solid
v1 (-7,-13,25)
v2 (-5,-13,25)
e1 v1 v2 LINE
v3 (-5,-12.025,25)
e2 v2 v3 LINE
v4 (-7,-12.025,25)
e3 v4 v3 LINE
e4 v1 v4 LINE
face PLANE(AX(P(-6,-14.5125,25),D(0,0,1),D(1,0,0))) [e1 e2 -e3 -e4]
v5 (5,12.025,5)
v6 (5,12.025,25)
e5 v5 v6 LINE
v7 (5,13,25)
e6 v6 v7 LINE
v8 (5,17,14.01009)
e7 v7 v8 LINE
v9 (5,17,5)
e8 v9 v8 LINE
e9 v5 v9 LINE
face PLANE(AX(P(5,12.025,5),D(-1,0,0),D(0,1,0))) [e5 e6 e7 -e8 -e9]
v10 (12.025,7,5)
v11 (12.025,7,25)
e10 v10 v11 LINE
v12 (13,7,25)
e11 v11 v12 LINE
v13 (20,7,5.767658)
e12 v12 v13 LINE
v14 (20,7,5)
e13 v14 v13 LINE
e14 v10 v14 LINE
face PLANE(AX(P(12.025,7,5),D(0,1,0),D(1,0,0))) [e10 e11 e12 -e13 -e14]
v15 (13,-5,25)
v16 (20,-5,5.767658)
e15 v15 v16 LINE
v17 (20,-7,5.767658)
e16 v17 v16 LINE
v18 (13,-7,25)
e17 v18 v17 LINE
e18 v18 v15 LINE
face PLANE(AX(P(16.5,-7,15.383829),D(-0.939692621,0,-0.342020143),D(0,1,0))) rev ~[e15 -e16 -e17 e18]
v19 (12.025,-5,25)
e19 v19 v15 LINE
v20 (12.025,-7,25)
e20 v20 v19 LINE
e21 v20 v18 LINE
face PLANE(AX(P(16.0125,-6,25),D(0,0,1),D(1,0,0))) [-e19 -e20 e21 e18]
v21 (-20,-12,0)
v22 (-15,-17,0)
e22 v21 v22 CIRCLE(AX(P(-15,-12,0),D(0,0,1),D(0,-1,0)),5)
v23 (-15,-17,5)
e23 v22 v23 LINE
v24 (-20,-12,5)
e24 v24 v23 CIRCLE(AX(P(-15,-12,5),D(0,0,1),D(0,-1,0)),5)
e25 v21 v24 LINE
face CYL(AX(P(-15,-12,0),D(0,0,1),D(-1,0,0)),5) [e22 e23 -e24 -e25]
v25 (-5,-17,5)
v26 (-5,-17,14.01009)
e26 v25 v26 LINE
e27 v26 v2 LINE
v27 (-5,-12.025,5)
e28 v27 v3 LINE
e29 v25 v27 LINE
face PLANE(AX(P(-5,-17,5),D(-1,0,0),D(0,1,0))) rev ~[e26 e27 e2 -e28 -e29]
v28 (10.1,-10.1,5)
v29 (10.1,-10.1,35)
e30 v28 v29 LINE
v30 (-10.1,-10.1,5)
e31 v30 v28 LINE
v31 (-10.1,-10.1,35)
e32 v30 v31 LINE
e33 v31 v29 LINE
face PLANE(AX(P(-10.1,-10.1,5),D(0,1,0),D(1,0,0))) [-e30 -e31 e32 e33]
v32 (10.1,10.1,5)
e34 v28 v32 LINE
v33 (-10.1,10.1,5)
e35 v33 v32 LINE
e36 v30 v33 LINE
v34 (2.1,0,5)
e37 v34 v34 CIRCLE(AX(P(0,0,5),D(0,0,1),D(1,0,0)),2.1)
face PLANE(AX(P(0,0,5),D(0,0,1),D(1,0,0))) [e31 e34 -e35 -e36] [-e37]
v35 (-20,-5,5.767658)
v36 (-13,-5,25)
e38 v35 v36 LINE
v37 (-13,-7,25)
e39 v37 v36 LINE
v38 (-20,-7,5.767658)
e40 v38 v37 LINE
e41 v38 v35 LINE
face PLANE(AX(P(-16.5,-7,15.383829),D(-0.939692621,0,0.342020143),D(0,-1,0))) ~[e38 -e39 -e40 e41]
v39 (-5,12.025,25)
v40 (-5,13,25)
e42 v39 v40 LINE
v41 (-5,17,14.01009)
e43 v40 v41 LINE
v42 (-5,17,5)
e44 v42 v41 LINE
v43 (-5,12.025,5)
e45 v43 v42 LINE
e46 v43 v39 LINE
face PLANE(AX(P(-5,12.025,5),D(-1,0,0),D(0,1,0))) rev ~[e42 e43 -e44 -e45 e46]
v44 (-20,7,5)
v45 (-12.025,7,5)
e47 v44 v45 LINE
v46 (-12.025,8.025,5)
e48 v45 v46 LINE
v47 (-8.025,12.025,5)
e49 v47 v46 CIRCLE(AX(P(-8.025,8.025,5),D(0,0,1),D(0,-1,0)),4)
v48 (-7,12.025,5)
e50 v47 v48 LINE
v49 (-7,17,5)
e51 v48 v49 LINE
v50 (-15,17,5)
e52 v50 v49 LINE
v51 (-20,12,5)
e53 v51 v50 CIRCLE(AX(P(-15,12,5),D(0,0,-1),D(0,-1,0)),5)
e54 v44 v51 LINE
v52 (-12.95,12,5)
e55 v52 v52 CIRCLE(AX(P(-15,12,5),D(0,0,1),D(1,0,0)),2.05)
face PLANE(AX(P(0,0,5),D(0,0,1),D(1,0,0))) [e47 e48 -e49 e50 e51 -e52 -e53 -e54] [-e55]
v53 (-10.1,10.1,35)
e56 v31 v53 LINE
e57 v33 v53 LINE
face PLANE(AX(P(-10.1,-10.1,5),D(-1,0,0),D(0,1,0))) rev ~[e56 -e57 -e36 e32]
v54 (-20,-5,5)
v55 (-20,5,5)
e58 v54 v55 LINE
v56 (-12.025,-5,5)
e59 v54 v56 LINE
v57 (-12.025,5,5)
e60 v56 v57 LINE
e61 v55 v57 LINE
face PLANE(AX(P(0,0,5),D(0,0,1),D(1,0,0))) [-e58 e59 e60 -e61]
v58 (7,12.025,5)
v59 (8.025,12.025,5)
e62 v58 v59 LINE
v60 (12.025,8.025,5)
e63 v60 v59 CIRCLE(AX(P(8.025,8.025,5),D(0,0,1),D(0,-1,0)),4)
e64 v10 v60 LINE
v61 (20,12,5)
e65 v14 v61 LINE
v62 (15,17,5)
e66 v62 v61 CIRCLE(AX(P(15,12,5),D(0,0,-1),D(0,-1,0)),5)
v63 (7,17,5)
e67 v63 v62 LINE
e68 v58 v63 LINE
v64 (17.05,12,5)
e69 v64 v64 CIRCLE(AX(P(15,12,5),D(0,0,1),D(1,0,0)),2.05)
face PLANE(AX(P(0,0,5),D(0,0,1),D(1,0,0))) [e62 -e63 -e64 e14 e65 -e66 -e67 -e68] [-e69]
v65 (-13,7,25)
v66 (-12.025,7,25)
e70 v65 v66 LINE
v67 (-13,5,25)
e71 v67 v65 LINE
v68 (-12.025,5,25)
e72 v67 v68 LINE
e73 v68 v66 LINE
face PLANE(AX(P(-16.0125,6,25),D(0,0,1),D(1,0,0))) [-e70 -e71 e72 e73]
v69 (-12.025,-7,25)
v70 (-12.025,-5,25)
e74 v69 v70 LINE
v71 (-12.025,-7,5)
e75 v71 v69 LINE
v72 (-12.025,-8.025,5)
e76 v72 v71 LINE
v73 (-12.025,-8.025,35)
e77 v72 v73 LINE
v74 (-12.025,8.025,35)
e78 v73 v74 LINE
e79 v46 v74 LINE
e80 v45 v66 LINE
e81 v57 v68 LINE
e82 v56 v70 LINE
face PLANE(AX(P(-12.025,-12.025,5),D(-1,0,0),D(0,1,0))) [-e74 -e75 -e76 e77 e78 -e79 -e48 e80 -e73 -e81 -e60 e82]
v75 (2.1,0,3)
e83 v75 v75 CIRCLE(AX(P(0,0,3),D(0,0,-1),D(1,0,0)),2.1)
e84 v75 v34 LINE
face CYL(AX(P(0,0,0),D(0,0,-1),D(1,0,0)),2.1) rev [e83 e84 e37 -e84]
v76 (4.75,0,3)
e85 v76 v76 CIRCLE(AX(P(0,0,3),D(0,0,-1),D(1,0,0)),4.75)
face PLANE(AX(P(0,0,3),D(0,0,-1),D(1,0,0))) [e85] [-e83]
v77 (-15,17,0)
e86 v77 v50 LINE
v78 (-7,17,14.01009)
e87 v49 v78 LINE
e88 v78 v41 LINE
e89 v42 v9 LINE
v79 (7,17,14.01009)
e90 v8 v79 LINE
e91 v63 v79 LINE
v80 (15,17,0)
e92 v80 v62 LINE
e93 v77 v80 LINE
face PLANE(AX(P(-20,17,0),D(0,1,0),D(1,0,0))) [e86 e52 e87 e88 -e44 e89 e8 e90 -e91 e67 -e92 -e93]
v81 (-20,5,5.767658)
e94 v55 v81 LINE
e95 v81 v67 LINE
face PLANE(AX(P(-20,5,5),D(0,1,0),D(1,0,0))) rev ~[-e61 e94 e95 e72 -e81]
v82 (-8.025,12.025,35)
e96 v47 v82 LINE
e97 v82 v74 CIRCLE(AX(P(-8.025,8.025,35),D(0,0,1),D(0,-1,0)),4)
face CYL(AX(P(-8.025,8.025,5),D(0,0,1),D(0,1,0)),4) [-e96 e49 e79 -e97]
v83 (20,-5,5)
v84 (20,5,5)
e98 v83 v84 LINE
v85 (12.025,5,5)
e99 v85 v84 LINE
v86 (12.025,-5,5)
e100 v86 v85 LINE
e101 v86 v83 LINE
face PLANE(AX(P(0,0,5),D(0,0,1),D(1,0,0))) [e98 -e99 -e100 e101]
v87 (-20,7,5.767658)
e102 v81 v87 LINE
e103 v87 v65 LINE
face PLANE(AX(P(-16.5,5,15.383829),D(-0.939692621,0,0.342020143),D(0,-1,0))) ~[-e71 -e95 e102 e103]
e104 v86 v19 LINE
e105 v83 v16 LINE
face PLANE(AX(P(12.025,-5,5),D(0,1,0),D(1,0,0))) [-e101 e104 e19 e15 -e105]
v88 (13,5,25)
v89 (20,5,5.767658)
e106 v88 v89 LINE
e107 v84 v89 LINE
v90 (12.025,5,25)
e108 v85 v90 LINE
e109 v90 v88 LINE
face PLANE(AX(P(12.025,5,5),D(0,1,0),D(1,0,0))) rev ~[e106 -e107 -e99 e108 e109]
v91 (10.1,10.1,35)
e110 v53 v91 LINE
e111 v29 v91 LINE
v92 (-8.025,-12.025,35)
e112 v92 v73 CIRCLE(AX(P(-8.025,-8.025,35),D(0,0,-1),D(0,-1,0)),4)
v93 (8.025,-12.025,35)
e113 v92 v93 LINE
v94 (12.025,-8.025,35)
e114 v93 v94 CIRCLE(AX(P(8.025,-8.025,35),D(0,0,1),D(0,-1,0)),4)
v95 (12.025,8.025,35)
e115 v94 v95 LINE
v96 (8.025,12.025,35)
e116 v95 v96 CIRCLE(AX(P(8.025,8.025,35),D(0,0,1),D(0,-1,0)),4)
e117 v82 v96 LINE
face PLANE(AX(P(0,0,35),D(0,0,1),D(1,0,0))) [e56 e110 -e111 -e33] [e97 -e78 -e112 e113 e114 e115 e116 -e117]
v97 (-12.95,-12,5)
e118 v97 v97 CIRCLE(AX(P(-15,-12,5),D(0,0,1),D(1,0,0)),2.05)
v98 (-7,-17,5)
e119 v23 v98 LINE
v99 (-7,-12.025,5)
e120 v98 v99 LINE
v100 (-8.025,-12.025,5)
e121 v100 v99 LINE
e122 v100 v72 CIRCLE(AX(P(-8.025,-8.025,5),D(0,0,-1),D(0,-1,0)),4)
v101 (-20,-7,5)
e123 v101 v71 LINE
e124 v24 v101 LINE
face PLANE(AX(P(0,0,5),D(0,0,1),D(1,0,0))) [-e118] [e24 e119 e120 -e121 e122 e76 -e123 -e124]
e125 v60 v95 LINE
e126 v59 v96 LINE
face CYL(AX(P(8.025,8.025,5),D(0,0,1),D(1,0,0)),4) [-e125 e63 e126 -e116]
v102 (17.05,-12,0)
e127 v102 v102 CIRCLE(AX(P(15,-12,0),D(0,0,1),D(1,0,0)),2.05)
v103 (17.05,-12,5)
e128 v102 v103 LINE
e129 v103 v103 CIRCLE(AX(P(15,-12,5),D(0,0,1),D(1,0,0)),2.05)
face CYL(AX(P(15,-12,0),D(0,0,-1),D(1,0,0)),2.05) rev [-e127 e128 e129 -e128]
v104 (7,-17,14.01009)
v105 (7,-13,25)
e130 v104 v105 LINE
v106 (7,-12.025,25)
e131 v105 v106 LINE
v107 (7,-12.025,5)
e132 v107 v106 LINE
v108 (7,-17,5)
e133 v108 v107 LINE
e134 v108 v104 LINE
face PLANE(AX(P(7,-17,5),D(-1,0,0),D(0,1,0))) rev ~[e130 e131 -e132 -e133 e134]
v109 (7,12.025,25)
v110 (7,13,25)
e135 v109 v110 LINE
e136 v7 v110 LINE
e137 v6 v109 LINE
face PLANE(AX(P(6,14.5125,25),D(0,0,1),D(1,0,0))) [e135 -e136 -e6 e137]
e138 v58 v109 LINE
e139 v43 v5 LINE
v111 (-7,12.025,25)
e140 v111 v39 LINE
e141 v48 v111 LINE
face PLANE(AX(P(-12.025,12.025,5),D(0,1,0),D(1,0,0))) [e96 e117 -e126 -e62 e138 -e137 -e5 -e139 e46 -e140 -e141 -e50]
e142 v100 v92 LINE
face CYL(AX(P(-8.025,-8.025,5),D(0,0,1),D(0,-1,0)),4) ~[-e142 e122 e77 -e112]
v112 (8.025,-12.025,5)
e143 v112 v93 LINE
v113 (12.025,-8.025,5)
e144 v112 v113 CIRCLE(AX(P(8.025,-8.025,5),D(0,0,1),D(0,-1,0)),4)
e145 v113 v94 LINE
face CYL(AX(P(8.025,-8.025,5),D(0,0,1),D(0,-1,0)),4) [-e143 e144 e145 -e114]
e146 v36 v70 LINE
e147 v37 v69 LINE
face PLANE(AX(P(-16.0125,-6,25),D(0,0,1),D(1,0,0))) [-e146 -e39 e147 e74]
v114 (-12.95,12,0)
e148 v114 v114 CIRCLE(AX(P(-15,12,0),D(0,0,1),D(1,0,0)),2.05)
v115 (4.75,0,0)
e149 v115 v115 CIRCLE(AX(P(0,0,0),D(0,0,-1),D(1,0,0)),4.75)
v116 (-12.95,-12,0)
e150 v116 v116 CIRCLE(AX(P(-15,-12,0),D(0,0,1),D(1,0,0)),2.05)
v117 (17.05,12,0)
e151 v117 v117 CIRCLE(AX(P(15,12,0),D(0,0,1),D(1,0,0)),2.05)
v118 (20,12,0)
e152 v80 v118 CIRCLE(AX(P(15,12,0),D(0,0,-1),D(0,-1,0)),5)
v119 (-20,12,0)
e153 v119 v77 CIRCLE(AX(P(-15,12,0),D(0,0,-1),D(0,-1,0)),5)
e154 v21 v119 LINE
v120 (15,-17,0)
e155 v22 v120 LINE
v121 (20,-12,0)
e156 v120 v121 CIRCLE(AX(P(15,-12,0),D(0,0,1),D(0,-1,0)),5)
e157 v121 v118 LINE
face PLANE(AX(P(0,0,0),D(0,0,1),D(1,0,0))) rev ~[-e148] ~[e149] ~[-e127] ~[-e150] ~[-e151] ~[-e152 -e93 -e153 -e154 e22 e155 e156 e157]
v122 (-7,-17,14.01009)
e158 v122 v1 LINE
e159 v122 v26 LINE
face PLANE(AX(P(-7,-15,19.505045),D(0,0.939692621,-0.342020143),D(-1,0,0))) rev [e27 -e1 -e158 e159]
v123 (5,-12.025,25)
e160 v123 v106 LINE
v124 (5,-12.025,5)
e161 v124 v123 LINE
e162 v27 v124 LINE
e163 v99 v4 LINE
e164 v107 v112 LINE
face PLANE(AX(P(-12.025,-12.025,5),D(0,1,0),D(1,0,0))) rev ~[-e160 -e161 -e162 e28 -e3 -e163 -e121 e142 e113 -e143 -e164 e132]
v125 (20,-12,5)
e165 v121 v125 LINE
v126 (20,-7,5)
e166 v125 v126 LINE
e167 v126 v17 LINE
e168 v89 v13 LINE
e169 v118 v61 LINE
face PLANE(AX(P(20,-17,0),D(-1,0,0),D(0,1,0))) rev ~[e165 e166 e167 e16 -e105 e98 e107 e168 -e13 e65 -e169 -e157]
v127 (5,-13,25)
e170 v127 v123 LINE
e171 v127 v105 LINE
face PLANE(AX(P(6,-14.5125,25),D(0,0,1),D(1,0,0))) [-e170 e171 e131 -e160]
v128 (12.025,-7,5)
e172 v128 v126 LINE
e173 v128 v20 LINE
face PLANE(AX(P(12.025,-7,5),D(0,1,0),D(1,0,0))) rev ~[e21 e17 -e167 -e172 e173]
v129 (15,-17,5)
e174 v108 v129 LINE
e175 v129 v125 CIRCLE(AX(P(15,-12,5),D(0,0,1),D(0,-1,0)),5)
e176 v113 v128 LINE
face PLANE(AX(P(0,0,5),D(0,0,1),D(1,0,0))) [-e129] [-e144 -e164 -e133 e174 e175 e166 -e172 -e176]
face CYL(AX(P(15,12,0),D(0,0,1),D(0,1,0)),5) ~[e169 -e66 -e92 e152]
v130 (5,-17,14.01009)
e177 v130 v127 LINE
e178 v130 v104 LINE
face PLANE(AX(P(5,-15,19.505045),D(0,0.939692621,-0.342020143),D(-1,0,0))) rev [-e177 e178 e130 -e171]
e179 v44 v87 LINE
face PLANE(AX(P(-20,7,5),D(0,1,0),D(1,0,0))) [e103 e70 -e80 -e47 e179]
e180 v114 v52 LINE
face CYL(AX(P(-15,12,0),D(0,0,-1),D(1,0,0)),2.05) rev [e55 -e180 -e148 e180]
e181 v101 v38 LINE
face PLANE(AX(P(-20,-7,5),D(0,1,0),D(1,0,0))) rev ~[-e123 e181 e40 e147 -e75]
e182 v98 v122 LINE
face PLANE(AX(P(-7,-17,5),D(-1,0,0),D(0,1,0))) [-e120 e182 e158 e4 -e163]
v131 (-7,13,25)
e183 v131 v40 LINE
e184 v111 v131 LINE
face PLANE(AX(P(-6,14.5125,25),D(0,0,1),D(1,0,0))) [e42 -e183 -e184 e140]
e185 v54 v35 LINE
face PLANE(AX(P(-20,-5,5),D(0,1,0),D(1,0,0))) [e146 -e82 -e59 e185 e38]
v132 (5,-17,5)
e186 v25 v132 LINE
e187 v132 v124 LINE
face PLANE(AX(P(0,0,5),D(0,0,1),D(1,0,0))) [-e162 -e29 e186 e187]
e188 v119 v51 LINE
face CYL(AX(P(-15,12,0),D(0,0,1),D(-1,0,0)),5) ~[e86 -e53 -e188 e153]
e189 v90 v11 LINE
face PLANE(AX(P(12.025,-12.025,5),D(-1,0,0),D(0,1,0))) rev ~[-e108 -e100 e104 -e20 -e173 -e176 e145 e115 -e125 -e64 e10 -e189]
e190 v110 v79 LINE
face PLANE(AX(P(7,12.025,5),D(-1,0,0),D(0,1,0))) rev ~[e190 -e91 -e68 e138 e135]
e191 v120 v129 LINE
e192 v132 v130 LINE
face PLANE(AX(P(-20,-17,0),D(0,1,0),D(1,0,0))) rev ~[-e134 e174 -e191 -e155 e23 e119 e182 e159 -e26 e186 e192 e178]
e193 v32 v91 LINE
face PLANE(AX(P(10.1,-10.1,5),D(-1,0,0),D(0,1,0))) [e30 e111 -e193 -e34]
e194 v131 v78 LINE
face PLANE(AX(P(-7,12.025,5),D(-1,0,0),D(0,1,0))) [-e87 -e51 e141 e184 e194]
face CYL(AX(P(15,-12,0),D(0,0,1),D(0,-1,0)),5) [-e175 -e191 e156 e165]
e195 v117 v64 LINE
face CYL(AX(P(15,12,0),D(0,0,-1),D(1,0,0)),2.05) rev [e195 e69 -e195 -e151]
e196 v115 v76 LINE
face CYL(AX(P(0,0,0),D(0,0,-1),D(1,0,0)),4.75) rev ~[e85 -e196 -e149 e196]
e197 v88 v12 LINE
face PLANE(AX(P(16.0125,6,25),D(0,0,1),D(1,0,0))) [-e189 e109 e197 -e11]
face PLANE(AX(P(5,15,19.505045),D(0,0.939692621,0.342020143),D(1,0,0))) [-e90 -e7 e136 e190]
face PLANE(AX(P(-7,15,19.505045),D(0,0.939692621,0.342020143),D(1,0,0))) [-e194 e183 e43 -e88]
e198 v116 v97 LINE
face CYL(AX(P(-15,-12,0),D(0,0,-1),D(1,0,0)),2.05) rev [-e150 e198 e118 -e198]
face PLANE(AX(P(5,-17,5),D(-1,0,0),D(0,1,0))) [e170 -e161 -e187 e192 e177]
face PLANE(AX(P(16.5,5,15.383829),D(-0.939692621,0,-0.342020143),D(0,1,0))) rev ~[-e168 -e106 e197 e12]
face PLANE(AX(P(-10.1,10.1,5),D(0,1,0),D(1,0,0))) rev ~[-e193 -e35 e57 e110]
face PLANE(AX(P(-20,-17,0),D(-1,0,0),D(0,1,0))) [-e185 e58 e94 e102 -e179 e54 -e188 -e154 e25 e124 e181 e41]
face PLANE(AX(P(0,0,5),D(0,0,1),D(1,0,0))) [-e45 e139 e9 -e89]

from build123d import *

# Parameters (mm, degrees)
F0_W        = 40
F0_H        = 34
F0_R        = 2.05
F0_R_2      = 2.1
F1_DEPTH    = 5
F2_R        = 4.75
F2_R_2      = 2.1
F3_DEPTH    = 3
F4_W        = 24.05
F4_H        = 24.05
F4_W_2      = 20.2
F4_H_2      = 20.2
F5_DEPTH    = 30
F6_R        = 5
F7_R        = 4
F8_W        = 2
F8_H        = 4.975
F8_W_2      = 7.975
F8_H_2      = 2
F9_DEPTH    = 20
F10_SIZE2   = 19.2323419362
F10_SIZE    = 7
F10_2_SIZE2 = 19.2323419362
F10_2_SIZE  = 7
F11_SIZE2   = 7
F11_SIZE    = 19.2323419362
F12_SIZE2   = 4
F12_SIZE    = 10.9899096778
F13_SIZE2   = 10.9899096778
F13_SIZE    = 4
F13_2_SIZE2 = 10.9899096778
F13_2_SIZE  = 4


with BuildPart() as f1:
    # F0 (on Top) → F1 (new body)
    with BuildSketch(Plane.XY):
        Rectangle(F0_W, F0_H)
        with Locations((-15, -12)):
            Circle(F0_R, mode=Mode.SUBTRACT)
        with Locations((15, -12)):
            Circle(F0_R, mode=Mode.SUBTRACT)
        with Locations((-15, 12)):
            Circle(F0_R, mode=Mode.SUBTRACT)
        Circle(F0_R_2, mode=Mode.SUBTRACT)
        with Locations((15, 12)):
            Circle(F0_R, mode=Mode.SUBTRACT)
    extrude(amount=F1_DEPTH)

    # F2 (on face) → F3 (cut)
    with BuildSketch(Plane(origin=(0, 0, 0), x_dir=(1, 0, 0), z_dir=(0, 0, -1))):
        Circle(F2_R)
        Circle(F2_R_2, mode=Mode.SUBTRACT)
    extrude(amount=-F3_DEPTH, mode=Mode.SUBTRACT)

    # F4 (on face) → F5 (join)
    with BuildSketch(Plane.XY.offset(5)):
        Rectangle(F4_W, F4_H)
        Rectangle(F4_W_2, F4_H_2, mode=Mode.SUBTRACT)
    extrude(amount=F5_DEPTH)

    # F6
    f6_edges = [f1.edges().sort_by_distance(p)[0] for p in [
        (20, 17, 2.5),
        (20, -17, 2.5),
        (-20, -17, 2.5),
        (-20, 17, 2.5),
    ]]
    fillet(f6_edges, radius=F6_R)

    # F7
    f7_edges = [f1.edges().sort_by_distance(p)[0] for p in [
        (12.025, -12.025, 20),
        (12.025, 12.025, 20),
        (-12.025, -12.025, 20),
        (-12.025, 12.025, 20),
    ]]
    fillet(f7_edges, radius=F7_R)

    # F8 (on face) → F9 (join)
    with BuildSketch(Plane.XY.offset(5)):
        with Locations((-6, 14.5125)):
            Rectangle(F8_W, F8_H)
        with Locations((6, 14.5125)):
            Rectangle(F8_W, F8_H)
        with Locations((16.0125, 6)):
            Rectangle(F8_W_2, F8_H_2)
        with Locations((16.0125, -6)):
            Rectangle(F8_W_2, F8_H_2)
        with Locations((6, -14.5125)):
            Rectangle(F8_W, F8_H)
        with Locations((-6, -14.5125)):
            Rectangle(F8_W, F8_H)
        with Locations((-16.0125, -6)):
            Rectangle(F8_W_2, F8_H_2)
        with Locations((-16.0125, 6)):
            Rectangle(F8_W_2, F8_H_2)
    extrude(amount=F9_DEPTH)

    # F10
    f10_edges = [f1.edges().sort_by_distance(p)[0] for p in [
        (20, 6, 25),
    ]]
    f10_side = f1.faces().sort_by_distance((16.0125, 6, 25))[0]
    chamfer(f10_edges, length=F10_SIZE, length2=F10_SIZE2, reference=f10_side)

    # F10#2
    f10_2_edges = [f1.edges().sort_by_distance(p)[0] for p in [
        (20, -6, 25),
    ]]
    f10_2_side = f1.faces().sort_by_distance((16.0125, -6, 25))[0]
    chamfer(f10_2_edges, length=F10_2_SIZE, length2=F10_2_SIZE2, reference=f10_2_side)

    # F11
    f11_edges = [f1.edges().sort_by_distance(p)[0] for p in [
        (-20, 6, 25),
        (-20, -6, 25),
    ]]
    f11_side = f1.faces().sort_by_distance((-20, 0, 0.346554))[0]
    chamfer(f11_edges, length=F11_SIZE, length2=F11_SIZE2, reference=f11_side)

    # F12
    f12_edges = [f1.edges().sort_by_distance(p)[0] for p in [
        (6, -17, 25),
        (-6, -17, 25),
    ]]
    f12_side = f1.faces().sort_by_distance((0, -17, 0.390512))[0]
    chamfer(f12_edges, length=F12_SIZE, length2=F12_SIZE2, reference=f12_side)

    # F13
    f13_edges = [f1.edges().sort_by_distance(p)[0] for p in [
        (-6, 17, 25),
    ]]
    f13_side = f1.faces().sort_by_distance((-6, 14.5125, 25))[0]
    chamfer(f13_edges, length=F13_SIZE, length2=F13_SIZE2, reference=f13_side)

    # F13#2
    f13_2_edges = [f1.edges().sort_by_distance(p)[0] for p in [
        (6, 17, 25),
    ]]
    f13_2_side = f1.faces().sort_by_distance((6, 14.5125, 25))[0]
    chamfer(f13_2_edges, length=F13_2_SIZE, length2=F13_2_SIZE2, reference=f13_2_side)


solid = f1.part
